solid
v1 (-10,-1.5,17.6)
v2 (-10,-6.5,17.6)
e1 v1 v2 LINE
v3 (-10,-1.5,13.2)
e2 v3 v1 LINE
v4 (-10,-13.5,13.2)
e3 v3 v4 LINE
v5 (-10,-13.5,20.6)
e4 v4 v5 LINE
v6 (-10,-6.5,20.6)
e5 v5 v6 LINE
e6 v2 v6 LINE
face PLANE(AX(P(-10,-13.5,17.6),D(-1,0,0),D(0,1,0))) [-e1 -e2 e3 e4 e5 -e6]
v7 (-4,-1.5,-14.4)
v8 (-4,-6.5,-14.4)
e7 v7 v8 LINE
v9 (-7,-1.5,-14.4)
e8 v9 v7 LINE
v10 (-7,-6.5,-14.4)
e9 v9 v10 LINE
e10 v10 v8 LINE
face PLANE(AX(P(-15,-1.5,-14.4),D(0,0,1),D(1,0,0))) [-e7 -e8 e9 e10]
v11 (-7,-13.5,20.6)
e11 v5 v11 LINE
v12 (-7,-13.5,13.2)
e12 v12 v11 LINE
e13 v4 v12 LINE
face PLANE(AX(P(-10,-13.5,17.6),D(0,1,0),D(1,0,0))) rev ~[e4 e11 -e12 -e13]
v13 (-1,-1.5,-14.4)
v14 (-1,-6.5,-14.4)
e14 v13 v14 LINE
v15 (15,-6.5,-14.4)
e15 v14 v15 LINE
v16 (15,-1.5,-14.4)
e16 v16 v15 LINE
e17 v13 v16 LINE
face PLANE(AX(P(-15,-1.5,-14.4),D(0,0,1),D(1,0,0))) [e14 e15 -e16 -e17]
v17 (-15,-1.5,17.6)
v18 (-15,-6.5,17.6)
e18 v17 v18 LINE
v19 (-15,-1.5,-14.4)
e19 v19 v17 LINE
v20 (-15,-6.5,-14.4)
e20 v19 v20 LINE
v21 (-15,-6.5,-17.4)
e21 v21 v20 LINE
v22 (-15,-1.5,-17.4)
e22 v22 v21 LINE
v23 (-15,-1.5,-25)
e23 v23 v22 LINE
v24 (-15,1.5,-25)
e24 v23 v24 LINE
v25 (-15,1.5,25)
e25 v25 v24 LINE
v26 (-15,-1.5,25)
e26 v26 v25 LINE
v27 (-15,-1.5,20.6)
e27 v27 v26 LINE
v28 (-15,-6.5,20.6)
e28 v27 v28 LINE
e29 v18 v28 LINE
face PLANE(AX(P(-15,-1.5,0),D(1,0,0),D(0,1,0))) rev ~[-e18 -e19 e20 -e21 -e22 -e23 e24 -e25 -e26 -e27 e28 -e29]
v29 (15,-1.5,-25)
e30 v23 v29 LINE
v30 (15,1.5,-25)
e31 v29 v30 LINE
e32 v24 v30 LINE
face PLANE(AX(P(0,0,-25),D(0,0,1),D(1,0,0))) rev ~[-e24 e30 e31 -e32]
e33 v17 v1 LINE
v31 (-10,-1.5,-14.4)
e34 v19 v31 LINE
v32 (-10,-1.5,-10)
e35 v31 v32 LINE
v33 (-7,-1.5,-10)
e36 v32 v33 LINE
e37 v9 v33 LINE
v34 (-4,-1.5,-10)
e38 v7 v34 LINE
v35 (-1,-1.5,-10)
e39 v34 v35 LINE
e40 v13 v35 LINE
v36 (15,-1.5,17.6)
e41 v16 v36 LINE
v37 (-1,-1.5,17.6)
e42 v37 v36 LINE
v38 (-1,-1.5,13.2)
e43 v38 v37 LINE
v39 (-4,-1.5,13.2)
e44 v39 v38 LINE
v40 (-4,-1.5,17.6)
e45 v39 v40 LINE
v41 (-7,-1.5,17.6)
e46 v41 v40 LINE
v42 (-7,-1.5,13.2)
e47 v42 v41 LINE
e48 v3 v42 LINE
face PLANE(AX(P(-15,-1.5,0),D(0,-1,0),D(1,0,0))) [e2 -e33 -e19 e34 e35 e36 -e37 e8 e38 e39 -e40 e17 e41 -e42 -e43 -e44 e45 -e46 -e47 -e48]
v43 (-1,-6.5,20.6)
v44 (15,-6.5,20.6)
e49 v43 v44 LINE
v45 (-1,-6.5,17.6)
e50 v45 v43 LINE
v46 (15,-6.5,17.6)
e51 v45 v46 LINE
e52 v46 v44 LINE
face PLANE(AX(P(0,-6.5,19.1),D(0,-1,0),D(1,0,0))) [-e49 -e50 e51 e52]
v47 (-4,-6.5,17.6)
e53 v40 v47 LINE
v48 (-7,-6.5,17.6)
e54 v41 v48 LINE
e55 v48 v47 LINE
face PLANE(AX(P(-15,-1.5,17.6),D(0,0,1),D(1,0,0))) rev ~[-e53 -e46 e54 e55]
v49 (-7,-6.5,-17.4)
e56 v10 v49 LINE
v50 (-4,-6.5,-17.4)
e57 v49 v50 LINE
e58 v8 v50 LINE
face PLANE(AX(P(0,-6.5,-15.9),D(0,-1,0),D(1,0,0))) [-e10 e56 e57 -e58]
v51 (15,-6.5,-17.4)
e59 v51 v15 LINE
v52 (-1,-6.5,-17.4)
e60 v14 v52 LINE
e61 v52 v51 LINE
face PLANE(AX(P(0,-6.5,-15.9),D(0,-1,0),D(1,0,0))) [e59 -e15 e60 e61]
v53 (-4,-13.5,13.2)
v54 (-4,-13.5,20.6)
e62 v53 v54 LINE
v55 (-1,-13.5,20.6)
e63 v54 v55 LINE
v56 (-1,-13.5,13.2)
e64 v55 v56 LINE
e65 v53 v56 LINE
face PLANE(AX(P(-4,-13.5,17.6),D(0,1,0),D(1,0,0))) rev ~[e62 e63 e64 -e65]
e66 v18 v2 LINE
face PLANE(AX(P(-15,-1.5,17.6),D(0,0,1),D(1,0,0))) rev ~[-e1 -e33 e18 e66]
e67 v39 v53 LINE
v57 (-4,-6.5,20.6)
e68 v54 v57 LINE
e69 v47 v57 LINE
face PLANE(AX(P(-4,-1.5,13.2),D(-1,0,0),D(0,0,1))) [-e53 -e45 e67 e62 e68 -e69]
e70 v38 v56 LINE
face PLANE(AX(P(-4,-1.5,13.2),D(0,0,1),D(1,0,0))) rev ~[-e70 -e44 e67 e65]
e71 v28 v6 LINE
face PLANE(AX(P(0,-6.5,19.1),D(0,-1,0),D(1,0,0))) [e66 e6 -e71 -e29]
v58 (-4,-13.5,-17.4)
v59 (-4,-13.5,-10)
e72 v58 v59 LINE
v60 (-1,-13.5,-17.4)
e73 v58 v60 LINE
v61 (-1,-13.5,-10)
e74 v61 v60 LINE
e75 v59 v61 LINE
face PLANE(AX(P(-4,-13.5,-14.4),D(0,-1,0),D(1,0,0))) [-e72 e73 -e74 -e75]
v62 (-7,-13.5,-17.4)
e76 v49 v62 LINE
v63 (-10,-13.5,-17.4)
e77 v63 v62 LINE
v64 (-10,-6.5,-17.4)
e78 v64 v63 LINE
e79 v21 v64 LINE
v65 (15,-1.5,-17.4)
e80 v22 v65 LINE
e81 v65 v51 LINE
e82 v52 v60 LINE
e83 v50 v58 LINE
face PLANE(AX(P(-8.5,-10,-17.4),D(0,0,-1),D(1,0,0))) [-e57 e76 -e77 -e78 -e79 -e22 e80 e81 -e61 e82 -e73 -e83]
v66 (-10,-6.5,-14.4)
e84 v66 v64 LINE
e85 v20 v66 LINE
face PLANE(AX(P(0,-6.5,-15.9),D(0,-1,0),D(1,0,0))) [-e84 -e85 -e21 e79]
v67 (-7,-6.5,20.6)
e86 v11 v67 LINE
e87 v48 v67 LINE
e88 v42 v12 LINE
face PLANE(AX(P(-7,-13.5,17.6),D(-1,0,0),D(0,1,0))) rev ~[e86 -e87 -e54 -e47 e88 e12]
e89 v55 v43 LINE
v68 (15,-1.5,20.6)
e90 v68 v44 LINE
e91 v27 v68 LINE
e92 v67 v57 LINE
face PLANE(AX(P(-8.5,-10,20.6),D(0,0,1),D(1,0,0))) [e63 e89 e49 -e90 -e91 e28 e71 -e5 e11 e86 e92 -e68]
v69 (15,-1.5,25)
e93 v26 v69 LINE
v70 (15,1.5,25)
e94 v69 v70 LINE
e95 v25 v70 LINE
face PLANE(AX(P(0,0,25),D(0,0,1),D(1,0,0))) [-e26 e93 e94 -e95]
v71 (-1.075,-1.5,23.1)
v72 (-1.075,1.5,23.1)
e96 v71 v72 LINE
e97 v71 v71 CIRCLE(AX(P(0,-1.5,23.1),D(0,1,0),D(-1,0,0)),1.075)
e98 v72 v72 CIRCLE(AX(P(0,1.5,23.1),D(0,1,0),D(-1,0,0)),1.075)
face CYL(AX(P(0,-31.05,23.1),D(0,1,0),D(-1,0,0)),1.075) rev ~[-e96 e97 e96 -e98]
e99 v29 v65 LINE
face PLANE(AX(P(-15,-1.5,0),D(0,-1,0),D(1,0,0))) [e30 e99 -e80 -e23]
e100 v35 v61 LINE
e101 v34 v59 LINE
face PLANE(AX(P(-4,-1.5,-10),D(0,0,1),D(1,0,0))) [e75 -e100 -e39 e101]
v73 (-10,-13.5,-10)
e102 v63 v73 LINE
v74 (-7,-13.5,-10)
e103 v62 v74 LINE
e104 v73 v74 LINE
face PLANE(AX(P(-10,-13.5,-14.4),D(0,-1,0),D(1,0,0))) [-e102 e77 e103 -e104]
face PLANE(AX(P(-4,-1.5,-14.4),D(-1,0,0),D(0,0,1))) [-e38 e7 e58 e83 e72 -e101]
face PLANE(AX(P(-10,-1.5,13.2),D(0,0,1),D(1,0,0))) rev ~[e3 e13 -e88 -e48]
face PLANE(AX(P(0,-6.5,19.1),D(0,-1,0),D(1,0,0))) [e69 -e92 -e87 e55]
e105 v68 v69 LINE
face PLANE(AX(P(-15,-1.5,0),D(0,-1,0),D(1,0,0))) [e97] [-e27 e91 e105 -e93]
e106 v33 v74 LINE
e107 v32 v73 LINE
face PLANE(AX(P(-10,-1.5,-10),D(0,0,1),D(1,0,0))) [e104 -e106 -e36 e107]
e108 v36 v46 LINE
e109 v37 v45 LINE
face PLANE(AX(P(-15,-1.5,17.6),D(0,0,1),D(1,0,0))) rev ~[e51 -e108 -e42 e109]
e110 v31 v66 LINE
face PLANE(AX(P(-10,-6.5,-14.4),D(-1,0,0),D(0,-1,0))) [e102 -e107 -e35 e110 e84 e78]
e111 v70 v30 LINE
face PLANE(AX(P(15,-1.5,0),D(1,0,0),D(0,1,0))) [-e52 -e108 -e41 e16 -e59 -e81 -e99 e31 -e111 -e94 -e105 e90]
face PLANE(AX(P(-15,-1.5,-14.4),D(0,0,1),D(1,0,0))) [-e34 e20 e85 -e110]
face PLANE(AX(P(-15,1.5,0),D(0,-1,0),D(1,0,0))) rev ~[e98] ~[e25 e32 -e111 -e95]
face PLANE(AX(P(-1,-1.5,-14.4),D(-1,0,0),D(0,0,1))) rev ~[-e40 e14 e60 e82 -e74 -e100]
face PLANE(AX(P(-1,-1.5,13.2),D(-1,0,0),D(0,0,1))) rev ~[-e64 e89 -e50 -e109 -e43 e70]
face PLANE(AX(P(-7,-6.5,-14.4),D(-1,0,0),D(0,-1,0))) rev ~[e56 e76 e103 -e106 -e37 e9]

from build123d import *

# Parameters (mm, degrees)
F0_W      = 30
F0_H      = 3
F1_DEPTH  = 25
F2_W      = 30
F2_H      = 3
F3_DEPTH  = 5
F5_D      = 2.15
F5_DEPTH  = 29.55
F5_TIP    = 0.6459251655
F6_W      = 3
F6_H      = 4.4
F7_DEPTH  = 12
F8_W      = 3
F8_H      = 7
F9_DEPTH  = 3
F10_W     = 3
F10_H     = 7
F11_DEPTH = 3


with BuildPart() as f1:
    # F0 (on Top) → F1 (new body, symmetric)
    with BuildSketch(Plane.XY):
        Rectangle(F0_W, F0_H)
    extrude(amount=F1_DEPTH, both=True)

    # F2 (on face) → F3 (join)
    with BuildSketch(Plane.XZ.offset(1.5)):
        with Locations((0, 19.1)):
            Rectangle(F2_W, F2_H)
        with Locations((0, -15.9)):
            Rectangle(F2_W, F2_H)
    extrude(amount=F3_DEPTH)

    # F5
    with Locations(Plane.XZ.offset(1.5)):
        with Locations((0, 23.1)):
            Hole(F5_D / 2, depth=F5_DEPTH)
            with Locations((0, 0, -(F5_DEPTH + F5_TIP / 2))):  # 118° drill point
                Cone(0, F5_D / 2, F5_TIP, mode=Mode.SUBTRACT)

    # F6 (on face) → F7 (join)
    with BuildSketch(Plane.XZ.offset(1.5)):
        with Locations((-8.5, 15.4)):
            Rectangle(F6_W, F6_H)
        with Locations((-2.5, 15.4)):
            Rectangle(F6_W, F6_H)
        with Locations((-8.5, -12.2)):
            Rectangle(F6_W, F6_H)
        with Locations((-2.5, -12.2)):
            Rectangle(F6_W, F6_H)
    extrude(amount=F7_DEPTH)

    # F8 (on face) → F9 (join, through all)
    with BuildSketch(Plane.XY.offset(17.6)):
        with Locations((-8.5, -10)):
            Rectangle(F8_W, F8_H)
        with Locations((-2.5, -10)):
            Rectangle(F8_W, F8_H)
    extrude(amount=F9_DEPTH)

    # F10 (on face) → F11 (join, through all)
    with BuildSketch(Plane(origin=(0, 0, -14.4), x_dir=(1, 0, 0), z_dir=(0, 0, -1))):
        with Locations((-8.5, 10)):
            Rectangle(F10_W, F10_H)
        with Locations((-2.5, 10)):
            Rectangle(F10_W, F10_H)
    extrude(amount=F11_DEPTH)


solid = f1.part
